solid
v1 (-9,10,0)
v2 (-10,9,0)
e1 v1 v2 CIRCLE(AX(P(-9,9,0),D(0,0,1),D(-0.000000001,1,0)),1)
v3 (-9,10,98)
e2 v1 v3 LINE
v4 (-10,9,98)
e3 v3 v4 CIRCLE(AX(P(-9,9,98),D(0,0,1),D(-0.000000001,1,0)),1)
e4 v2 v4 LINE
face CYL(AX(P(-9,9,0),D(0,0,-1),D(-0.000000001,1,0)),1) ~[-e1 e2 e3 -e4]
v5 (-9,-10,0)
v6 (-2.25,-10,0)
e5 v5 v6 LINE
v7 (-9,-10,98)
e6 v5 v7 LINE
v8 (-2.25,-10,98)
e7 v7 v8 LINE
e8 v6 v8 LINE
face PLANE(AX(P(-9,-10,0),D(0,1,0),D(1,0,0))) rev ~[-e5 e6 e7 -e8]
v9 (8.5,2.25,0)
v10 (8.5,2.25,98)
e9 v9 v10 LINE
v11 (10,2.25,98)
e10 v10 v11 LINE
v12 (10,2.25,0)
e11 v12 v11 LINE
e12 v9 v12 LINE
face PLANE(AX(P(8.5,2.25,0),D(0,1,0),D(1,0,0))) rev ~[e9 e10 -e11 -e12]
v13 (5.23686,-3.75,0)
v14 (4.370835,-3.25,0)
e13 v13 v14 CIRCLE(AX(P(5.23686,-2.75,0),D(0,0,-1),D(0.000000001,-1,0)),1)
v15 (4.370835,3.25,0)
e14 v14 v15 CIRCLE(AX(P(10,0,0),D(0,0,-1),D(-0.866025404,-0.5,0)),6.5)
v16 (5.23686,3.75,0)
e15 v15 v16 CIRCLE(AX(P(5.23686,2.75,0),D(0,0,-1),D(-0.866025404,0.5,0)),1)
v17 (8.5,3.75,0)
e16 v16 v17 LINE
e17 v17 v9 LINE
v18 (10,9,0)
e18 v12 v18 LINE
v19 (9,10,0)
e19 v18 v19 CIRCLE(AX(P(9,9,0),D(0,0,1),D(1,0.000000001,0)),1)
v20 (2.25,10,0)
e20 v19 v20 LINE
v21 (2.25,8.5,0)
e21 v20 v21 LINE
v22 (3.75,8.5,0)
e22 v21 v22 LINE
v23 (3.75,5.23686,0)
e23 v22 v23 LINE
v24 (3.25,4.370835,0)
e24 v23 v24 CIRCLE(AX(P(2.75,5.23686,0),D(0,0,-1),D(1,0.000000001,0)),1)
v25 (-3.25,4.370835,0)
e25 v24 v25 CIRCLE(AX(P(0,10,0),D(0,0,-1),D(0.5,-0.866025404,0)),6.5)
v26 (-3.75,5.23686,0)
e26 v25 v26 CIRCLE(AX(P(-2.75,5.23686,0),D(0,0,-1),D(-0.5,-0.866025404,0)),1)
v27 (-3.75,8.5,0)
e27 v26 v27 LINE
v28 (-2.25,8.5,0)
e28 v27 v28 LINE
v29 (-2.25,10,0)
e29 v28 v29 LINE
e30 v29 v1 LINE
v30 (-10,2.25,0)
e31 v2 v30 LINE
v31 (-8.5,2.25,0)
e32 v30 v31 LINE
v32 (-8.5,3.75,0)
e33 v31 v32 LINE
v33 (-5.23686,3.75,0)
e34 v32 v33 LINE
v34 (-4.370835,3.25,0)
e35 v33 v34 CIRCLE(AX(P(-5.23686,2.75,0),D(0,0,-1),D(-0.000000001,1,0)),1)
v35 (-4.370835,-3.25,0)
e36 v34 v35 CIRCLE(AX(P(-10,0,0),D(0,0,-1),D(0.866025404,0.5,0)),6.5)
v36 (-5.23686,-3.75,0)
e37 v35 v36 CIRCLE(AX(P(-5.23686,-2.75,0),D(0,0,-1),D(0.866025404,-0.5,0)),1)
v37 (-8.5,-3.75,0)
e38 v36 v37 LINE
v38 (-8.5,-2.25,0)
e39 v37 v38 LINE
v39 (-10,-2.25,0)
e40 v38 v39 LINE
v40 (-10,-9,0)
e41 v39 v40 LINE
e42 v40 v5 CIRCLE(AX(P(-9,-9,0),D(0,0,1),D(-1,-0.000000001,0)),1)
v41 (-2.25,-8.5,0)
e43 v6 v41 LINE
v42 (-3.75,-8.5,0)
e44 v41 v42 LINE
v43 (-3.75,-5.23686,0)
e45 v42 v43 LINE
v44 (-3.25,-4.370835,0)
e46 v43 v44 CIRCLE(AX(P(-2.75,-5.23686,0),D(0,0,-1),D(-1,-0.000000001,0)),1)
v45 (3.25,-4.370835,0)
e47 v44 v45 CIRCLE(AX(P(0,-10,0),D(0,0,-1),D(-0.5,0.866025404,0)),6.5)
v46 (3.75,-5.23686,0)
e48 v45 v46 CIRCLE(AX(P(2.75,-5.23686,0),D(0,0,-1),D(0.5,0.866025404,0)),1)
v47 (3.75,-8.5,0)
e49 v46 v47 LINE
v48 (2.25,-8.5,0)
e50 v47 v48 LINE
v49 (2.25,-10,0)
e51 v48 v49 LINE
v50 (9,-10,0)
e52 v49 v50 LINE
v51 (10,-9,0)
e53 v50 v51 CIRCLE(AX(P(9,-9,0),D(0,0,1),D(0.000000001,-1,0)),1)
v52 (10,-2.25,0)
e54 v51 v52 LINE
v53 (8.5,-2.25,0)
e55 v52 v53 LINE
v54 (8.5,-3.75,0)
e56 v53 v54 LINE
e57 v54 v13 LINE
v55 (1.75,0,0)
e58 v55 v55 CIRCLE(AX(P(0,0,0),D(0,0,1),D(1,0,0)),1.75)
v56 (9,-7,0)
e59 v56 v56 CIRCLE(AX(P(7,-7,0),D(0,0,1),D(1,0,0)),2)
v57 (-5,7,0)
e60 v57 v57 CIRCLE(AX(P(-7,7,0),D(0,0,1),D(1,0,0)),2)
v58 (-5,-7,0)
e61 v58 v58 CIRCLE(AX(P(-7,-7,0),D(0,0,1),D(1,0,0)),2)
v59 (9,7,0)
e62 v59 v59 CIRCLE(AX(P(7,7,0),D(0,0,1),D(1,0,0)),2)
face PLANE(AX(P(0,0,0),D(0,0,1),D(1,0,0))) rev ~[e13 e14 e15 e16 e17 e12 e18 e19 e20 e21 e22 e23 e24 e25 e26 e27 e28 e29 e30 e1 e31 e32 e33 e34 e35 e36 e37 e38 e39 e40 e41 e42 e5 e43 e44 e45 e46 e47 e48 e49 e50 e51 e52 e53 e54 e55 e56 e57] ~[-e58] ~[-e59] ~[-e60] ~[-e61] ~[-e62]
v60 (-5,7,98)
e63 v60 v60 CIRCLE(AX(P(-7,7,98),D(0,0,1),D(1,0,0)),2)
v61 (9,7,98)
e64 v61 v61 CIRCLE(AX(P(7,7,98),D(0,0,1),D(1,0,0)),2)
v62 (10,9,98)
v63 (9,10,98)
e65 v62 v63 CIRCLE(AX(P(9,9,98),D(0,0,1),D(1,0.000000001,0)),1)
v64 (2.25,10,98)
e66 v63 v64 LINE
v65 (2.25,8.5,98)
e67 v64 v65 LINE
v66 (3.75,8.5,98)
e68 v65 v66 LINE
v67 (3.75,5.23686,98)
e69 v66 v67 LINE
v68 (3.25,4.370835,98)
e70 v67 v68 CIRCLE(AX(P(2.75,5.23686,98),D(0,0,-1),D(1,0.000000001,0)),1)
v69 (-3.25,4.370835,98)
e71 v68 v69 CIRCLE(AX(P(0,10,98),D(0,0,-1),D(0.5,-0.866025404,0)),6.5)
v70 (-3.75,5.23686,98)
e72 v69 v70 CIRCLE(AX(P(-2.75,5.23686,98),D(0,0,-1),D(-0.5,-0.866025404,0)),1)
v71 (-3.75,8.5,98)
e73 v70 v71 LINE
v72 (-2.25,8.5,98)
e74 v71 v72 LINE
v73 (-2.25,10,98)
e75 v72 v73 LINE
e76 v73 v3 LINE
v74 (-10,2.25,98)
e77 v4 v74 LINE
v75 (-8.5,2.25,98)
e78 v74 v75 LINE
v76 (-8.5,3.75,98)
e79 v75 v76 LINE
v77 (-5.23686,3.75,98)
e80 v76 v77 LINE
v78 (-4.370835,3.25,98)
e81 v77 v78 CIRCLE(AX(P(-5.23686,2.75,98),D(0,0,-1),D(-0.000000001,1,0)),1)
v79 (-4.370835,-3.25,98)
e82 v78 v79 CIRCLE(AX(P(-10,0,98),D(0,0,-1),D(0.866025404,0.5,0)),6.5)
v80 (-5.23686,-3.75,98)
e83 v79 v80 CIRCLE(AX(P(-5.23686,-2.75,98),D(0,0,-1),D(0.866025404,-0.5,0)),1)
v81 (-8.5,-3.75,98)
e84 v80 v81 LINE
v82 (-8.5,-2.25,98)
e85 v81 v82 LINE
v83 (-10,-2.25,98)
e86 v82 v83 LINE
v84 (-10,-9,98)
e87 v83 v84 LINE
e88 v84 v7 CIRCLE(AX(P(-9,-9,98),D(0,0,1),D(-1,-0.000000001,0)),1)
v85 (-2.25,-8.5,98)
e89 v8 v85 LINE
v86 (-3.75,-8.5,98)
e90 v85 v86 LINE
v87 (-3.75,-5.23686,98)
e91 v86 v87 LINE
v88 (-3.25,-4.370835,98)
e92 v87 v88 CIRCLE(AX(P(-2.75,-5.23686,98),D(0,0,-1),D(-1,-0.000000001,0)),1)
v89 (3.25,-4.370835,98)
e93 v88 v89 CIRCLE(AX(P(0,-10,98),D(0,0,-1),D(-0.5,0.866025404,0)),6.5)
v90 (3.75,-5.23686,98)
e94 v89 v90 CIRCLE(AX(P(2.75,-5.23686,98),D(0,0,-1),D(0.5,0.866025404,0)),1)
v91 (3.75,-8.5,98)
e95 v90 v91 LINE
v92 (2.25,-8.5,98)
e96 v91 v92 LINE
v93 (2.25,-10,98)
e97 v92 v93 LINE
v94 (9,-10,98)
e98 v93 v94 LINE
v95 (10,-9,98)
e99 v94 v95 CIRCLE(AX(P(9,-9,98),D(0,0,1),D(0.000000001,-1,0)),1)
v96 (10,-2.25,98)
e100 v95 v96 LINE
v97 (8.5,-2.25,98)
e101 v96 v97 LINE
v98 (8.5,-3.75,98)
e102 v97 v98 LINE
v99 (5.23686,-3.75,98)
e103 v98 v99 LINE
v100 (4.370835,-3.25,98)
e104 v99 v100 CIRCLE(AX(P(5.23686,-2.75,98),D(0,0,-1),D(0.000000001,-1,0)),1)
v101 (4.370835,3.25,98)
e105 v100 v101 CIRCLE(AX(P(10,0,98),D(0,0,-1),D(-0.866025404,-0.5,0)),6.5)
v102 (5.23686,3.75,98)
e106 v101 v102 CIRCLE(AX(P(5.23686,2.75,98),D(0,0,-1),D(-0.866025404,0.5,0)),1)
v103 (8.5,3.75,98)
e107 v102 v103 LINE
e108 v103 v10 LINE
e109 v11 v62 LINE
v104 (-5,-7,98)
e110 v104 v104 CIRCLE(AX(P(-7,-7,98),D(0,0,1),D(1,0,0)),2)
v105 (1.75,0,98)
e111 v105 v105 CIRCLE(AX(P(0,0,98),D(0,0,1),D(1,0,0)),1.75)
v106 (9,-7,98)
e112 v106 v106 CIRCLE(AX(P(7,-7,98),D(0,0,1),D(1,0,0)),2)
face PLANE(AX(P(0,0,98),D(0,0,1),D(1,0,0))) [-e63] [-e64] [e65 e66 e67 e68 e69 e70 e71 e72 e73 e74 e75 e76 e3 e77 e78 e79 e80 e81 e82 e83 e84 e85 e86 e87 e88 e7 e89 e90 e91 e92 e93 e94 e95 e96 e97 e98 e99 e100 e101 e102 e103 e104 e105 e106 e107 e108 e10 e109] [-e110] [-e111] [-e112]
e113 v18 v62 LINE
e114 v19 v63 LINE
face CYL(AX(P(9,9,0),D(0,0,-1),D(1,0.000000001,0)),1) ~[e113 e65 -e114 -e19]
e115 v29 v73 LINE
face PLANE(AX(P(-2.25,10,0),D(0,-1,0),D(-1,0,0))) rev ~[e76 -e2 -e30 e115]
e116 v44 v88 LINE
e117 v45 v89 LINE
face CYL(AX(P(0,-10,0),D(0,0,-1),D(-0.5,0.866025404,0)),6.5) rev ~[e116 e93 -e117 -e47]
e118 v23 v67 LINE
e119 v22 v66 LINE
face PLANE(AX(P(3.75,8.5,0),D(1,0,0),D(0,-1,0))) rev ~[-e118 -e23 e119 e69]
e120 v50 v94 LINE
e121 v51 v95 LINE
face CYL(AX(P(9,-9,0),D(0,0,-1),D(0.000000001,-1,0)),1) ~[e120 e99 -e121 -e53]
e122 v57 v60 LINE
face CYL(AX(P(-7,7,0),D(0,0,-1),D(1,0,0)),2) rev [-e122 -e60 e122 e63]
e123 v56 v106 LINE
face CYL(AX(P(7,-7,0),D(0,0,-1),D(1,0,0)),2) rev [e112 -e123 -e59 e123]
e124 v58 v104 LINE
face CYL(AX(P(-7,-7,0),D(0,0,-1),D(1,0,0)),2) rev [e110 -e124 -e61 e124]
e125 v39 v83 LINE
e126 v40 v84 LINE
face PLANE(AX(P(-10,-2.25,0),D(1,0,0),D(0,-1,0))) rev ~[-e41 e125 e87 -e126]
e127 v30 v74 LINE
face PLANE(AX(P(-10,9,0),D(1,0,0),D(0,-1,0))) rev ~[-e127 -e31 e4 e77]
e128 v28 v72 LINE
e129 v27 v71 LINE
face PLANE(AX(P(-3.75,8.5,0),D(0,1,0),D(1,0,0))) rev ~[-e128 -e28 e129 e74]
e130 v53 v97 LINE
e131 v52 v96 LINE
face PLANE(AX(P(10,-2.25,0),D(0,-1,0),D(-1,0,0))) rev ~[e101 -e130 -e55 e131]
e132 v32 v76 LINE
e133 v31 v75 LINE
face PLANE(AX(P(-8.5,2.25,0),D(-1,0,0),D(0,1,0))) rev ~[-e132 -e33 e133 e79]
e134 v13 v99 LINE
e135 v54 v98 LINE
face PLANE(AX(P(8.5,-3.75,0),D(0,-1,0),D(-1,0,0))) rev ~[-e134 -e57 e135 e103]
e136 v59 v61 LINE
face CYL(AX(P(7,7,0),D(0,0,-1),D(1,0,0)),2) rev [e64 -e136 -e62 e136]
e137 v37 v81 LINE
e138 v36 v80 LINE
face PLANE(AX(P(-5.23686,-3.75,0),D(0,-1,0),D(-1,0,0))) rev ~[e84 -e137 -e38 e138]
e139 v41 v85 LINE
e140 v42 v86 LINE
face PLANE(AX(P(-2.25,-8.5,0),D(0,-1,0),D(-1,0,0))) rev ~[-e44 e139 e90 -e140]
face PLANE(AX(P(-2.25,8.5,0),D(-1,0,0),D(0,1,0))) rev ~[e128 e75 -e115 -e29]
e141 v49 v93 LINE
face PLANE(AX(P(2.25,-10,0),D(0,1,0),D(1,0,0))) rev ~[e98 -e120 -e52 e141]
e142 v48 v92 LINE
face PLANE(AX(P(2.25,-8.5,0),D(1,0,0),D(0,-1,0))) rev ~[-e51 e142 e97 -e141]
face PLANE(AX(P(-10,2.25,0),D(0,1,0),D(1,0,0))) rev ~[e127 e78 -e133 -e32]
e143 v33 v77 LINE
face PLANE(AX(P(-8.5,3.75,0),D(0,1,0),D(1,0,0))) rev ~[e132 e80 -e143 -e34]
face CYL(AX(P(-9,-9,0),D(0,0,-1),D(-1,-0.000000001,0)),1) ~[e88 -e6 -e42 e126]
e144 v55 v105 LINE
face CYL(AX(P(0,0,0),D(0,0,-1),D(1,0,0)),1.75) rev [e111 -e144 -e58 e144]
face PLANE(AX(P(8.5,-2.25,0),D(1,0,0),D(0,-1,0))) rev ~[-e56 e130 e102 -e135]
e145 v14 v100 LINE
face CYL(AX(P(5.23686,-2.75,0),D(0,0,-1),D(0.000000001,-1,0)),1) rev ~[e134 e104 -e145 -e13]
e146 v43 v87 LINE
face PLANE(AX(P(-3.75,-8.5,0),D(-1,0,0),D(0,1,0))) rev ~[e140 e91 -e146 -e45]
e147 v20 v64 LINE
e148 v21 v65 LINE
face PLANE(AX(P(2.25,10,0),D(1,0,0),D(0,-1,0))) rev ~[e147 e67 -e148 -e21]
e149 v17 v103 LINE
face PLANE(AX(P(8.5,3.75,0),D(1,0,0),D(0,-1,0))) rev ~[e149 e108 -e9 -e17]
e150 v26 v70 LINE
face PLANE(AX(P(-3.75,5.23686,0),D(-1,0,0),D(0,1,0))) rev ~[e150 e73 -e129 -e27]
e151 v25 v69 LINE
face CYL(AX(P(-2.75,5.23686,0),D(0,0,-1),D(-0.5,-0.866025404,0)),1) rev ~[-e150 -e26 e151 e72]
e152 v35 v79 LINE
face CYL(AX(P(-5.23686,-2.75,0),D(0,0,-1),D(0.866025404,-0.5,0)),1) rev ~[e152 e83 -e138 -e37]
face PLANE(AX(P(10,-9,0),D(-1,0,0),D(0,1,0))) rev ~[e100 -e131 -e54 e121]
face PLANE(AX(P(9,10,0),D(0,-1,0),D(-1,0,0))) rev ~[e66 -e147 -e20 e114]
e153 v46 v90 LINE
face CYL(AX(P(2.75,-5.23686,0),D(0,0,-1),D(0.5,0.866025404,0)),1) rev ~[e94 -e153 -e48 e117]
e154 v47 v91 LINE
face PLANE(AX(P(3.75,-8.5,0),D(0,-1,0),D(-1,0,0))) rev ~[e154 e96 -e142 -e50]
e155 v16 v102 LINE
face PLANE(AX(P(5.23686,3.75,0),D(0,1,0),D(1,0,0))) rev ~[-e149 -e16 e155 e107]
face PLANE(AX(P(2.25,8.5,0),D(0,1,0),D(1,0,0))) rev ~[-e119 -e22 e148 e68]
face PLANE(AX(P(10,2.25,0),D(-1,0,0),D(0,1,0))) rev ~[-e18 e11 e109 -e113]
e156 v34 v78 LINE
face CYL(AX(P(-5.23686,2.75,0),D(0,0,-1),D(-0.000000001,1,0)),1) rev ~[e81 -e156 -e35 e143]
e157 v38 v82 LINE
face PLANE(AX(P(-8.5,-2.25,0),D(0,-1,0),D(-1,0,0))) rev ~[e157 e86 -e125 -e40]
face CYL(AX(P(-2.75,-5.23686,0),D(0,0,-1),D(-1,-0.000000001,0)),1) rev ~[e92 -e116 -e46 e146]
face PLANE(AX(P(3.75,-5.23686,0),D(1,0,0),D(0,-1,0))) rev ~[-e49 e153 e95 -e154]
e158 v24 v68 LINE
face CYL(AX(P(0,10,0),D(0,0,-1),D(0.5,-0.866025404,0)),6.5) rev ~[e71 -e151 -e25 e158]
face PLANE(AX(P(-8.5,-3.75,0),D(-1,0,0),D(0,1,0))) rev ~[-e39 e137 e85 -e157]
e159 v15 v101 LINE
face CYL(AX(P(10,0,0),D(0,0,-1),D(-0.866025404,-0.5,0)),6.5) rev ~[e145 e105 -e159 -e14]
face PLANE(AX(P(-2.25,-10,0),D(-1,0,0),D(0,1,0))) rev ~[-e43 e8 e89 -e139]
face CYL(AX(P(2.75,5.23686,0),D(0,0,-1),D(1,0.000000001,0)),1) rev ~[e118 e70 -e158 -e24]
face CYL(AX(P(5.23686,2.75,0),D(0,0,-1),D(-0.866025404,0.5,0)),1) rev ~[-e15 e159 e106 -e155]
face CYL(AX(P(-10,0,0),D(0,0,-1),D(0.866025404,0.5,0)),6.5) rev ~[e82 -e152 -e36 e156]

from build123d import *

# Parameters (mm, degrees)
SKETCH1_R           = 2
SKETCH1_R_2         = 1.75
BOSS_EXTRUDE1_DEPTH = 98


with BuildPart() as part:
    # Sketch1 → Boss-Extrude1 (new body)
    with BuildSketch(Plane.XY):
        with BuildLine():
            Line((-10, 9), (-10, 2.25))
            Line((-10, 2.25), (-8.5, 2.25))
            Line((-8.5, 2.25), (-8.5, 3.75))
            Line((-8.5, 3.75), (-5.236860279, 3.75))
            ThreePointArc((-5.236860279, 3.75), (-4.736860279, 3.616025404), (-4.370834875, 3.25))
            ThreePointArc((-4.370834875, 3.25), (-3.5, 0), (-4.370834875, -3.25))
            ThreePointArc((-4.370834875, -3.25), (-4.736860279, -3.616025404), (-5.236860279, -3.75))
            Line((-5.236860279, -3.75), (-8.5, -3.75))
            Line((-8.5, -3.75), (-8.5, -2.25))
            Line((-8.5, -2.25), (-10, -2.25))
            Line((-10, -2.25), (-10, -9))
            ThreePointArc((-10, -9), (-9.707106781, -9.707106781), (-9, -10))
            Line((-9, -10), (-2.25, -10))
            Line((-2.25, -10), (-2.25, -8.5))
            Line((-2.25, -8.5), (-3.75, -8.5))
            Line((-3.75, -8.5), (-3.75, -5.236860279))
            ThreePointArc((-3.75, -5.236860279), (-3.616025404, -4.736860279), (-3.25, -4.370834875))
            ThreePointArc((-3.25, -4.370834875), (0, -3.5), (3.25, -4.370834875))
            ThreePointArc((3.25, -4.370834875), (3.616025404, -4.736860279), (3.75, -5.236860279))
            Line((3.75, -5.236860279), (3.75, -8.5))
            Line((3.75, -8.5), (2.25, -8.5))
            Line((2.25, -8.5), (2.25, -10))
            Line((2.25, -10), (9, -10))
            ThreePointArc((9, -10), (9.707106781, -9.707106781), (10, -9))
            Line((10, -9), (10, -2.25))
            Line((10, -2.25), (8.5, -2.25))
            Line((8.5, -2.25), (8.5, -3.75))
            Line((8.5, -3.75), (5.236860279, -3.75))
            ThreePointArc((5.236860279, -3.75), (4.736860279, -3.616025404), (4.370834875, -3.25))
            ThreePointArc((4.370834875, -3.25), (3.5, 0), (4.370834875, 3.25))
            ThreePointArc((4.370834875, 3.25), (4.736860279, 3.616025404), (5.236860279, 3.75))
            Line((5.236860279, 3.75), (8.5, 3.75))
            Line((8.5, 3.75), (8.5, 2.25))
            Line((8.5, 2.25), (10, 2.25))
            Line((10, 2.25), (10, 9))
            ThreePointArc((10, 9), (9.707106781, 9.707106781), (9, 10))
            Line((9, 10), (2.25, 10))
            Line((2.25, 10), (2.25, 8.5))
            Line((2.25, 8.5), (3.75, 8.5))
            Line((3.75, 8.5), (3.75, 5.236860279))
            ThreePointArc((3.75, 5.236860279), (3.616025404, 4.736860279), (3.25, 4.370834875))
            ThreePointArc((3.25, 4.370834875), (0, 3.5), (-3.25, 4.370834875))
            ThreePointArc((-3.25, 4.370834875), (-3.616025404, 4.736860279), (-3.75, 5.236860279))
            Line((-3.75, 5.236860279), (-3.75, 8.5))
            Line((-3.75, 8.5), (-2.25, 8.5))
            Line((-2.25, 8.5), (-2.25, 10))
            Line((-2.25, 10), (-9, 10))
            ThreePointArc((-9, 10), (-9.707106781, 9.707106781), (-10, 9))
        make_face()
        with Locations((-7, -7)):
            Circle(SKETCH1_R, mode=Mode.SUBTRACT)
        with Locations((7, -7)):
            Circle(SKETCH1_R, mode=Mode.SUBTRACT)
        with Locations((7, 7)):
            Circle(SKETCH1_R, mode=Mode.SUBTRACT)
        Circle(SKETCH1_R_2, mode=Mode.SUBTRACT)
        with Locations((-7, 7)):
            Circle(SKETCH1_R, mode=Mode.SUBTRACT)
    extrude(amount=BOSS_EXTRUDE1_DEPTH)


solid = part.part
